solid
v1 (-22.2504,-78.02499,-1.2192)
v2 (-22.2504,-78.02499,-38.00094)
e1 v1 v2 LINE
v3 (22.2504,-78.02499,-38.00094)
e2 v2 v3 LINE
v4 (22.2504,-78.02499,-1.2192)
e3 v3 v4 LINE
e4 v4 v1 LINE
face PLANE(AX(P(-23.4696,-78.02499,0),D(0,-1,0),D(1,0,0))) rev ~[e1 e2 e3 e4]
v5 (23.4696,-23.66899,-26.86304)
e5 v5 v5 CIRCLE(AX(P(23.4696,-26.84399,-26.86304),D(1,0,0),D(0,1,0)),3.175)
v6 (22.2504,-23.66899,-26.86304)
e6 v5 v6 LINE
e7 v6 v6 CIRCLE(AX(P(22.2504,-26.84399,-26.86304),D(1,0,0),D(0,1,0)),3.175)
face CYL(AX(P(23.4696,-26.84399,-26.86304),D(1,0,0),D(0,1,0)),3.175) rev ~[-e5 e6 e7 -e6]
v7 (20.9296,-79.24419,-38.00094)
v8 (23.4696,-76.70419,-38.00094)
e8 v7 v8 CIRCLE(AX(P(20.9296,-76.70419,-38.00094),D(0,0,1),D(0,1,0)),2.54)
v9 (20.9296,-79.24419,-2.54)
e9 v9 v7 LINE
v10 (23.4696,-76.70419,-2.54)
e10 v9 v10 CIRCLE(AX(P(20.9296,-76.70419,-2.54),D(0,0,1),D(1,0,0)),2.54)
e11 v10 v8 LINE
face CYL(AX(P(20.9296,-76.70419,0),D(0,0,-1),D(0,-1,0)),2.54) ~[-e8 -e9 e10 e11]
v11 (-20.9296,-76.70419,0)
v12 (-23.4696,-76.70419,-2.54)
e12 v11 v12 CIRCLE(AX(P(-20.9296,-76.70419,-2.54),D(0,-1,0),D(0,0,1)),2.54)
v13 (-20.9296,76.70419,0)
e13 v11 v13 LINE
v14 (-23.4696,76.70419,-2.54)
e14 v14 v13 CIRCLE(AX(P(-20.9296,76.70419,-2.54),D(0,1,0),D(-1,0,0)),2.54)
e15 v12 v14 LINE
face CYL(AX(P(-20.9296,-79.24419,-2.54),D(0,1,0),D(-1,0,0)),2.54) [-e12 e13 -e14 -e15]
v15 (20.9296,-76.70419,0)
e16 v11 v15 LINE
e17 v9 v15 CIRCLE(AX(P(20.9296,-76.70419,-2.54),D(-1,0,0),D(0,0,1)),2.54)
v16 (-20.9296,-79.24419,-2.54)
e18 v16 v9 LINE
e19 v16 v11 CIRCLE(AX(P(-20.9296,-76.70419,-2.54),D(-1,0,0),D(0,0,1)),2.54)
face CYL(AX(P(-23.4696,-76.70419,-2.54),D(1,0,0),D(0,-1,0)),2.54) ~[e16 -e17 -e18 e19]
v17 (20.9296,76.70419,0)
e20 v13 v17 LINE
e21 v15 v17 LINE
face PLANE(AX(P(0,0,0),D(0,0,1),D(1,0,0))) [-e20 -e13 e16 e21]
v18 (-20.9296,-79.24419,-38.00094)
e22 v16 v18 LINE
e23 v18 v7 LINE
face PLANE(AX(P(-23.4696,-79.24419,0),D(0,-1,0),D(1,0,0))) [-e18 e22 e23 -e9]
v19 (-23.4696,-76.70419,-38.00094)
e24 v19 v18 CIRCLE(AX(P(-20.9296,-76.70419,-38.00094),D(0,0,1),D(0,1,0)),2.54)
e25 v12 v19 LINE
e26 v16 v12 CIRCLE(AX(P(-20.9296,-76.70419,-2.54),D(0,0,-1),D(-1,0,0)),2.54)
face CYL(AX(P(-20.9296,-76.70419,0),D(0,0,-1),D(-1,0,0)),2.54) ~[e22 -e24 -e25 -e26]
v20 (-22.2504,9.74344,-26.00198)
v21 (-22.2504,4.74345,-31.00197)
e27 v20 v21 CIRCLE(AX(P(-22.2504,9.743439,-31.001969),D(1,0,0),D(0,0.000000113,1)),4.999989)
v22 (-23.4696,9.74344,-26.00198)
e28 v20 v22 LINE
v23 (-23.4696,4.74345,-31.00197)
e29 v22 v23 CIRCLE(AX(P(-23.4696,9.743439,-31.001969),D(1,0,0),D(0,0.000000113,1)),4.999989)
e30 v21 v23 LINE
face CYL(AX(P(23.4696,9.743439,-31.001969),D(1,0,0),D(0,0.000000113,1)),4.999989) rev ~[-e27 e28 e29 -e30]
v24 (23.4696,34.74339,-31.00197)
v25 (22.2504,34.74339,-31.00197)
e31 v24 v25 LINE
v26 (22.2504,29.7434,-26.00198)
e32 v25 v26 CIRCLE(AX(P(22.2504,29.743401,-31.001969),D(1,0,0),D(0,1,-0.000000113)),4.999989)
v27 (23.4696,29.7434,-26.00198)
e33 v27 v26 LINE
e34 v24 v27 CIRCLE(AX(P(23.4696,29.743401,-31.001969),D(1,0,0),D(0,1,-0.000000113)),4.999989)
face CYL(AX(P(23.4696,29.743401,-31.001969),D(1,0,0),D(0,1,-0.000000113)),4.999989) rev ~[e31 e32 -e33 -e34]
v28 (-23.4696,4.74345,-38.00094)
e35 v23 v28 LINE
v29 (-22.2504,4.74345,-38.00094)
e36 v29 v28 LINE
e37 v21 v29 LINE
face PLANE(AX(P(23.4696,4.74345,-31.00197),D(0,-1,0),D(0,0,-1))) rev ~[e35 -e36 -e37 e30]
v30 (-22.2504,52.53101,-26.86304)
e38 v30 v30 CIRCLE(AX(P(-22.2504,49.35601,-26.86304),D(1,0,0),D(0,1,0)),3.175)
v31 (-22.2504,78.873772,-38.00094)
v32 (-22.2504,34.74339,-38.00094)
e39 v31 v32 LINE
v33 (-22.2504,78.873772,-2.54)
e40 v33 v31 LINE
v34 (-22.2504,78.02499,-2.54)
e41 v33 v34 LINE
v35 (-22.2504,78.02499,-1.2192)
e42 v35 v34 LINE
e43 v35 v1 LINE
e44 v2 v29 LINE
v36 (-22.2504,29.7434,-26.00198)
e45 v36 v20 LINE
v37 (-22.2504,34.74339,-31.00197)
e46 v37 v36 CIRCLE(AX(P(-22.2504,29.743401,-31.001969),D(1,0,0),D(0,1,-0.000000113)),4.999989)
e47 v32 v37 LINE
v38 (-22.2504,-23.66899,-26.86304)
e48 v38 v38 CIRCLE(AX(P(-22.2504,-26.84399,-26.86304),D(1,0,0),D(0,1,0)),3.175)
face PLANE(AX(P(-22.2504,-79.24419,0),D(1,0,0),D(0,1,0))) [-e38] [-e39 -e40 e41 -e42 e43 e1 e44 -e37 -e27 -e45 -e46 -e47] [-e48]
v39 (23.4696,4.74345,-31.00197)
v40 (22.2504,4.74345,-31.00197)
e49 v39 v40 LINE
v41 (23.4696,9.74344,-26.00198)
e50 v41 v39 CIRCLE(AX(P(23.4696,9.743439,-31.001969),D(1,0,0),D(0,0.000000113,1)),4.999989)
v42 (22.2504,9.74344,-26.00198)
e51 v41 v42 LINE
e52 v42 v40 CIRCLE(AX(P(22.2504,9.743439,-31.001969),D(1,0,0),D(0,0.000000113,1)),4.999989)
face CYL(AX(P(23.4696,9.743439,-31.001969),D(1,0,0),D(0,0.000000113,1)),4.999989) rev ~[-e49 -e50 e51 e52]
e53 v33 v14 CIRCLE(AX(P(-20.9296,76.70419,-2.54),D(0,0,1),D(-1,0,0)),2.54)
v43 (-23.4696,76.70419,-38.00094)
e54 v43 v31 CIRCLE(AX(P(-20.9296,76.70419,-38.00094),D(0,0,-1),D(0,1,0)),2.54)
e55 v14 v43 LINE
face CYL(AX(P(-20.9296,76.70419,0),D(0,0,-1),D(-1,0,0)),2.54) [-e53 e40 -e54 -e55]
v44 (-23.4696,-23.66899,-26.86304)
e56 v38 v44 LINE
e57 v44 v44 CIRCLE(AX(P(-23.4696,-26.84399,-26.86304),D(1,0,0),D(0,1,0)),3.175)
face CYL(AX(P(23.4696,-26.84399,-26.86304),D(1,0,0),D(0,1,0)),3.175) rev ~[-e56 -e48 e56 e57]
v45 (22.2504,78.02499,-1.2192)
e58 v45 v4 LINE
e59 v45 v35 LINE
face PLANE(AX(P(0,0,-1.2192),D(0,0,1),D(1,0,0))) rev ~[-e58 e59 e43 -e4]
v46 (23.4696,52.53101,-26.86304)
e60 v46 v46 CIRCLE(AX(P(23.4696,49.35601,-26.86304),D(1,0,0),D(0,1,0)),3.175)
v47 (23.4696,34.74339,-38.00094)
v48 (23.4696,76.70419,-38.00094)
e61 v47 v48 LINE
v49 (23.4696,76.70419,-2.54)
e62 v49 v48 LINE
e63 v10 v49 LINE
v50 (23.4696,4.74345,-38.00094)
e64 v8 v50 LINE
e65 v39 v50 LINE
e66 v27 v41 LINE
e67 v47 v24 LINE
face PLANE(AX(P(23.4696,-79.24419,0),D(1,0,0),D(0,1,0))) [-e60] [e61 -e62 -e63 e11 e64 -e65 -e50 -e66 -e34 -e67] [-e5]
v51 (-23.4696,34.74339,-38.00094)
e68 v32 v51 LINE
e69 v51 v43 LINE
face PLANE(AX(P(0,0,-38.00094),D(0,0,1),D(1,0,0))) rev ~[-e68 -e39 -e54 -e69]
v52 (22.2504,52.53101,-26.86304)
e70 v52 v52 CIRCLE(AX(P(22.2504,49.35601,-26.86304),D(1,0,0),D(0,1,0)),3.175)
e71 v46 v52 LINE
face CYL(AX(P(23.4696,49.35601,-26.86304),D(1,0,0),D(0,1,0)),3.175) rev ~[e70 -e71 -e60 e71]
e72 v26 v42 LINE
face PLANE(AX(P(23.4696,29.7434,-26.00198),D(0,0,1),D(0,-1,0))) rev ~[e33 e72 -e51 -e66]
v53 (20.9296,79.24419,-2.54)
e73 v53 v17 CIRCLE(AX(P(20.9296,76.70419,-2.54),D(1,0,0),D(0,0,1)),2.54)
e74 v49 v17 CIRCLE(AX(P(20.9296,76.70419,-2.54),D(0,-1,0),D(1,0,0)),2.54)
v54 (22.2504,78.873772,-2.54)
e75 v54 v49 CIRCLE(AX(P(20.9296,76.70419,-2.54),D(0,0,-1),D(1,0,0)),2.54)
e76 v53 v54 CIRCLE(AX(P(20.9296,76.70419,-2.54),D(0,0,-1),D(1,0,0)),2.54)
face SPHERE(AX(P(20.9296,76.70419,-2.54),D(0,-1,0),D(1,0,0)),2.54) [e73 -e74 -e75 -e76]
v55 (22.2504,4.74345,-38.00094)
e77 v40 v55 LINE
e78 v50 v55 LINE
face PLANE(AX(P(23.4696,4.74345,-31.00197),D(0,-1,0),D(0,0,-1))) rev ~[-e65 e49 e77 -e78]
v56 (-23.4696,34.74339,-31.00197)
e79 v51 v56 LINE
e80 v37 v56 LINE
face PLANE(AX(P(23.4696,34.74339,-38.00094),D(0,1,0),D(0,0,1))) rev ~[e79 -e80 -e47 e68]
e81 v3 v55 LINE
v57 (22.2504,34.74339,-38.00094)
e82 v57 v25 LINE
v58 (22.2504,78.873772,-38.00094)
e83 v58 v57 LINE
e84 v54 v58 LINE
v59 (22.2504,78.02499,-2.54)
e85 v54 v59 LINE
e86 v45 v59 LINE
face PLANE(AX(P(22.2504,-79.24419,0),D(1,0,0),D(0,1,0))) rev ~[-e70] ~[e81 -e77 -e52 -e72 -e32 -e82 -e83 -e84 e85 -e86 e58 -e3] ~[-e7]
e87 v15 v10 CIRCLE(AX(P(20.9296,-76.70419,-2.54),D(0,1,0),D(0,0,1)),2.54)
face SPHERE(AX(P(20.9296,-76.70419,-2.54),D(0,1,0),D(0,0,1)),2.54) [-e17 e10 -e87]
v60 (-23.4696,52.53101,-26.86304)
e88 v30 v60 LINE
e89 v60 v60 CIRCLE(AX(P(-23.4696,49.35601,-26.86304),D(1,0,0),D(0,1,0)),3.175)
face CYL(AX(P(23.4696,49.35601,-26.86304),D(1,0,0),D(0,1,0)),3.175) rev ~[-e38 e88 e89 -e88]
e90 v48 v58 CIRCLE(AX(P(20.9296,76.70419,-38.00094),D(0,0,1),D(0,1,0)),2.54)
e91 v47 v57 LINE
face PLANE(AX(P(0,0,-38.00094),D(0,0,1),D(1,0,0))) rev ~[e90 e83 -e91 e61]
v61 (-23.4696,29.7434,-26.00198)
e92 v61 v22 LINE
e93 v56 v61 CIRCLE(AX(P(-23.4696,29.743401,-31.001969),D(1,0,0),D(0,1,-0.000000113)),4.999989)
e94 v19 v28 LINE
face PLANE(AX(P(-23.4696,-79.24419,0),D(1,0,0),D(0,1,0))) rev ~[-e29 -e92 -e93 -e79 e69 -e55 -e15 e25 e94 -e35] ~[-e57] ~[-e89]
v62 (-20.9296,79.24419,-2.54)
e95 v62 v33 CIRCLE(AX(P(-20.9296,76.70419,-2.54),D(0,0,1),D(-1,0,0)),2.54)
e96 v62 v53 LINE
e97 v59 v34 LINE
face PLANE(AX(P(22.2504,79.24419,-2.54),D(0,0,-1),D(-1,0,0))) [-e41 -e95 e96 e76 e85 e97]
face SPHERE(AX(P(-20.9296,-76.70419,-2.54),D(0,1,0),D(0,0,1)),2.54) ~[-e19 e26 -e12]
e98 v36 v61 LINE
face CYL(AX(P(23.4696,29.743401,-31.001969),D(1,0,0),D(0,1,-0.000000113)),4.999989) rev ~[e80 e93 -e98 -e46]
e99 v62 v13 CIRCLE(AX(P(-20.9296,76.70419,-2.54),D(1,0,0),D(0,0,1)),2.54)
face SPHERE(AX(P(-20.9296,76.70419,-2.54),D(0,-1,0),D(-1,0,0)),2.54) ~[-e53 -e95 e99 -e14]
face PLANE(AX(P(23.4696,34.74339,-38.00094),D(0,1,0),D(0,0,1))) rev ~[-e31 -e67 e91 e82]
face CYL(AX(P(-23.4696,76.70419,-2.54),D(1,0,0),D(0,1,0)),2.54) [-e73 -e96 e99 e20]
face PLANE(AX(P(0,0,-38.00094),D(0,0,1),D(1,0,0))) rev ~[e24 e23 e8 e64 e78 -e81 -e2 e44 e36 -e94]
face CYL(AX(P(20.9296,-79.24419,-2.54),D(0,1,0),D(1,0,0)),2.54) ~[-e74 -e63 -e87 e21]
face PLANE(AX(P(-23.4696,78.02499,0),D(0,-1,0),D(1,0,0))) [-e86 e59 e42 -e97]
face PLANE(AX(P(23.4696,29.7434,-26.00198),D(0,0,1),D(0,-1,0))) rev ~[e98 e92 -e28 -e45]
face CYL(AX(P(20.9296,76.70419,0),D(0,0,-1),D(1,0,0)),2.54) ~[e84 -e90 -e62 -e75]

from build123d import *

# Parameters (mm, degrees)
F0_W     = 46.9392
F0_H     = 158.48838
F1_DEPTH = 38.00094
F2_T     = -1.2192
F3_R     = 2.54
F5_DEPTH = 46.9402
F6_R     = 3.175
F7_DEPTH = 46.9402
F8_W     = 44.5008
F8_H     = 35.46094
F9_DEPTH = 1.2192


with BuildPart() as f1:
    # F0 (on Top) → F1 (new body)
    with BuildSketch(Plane.XY):
        Rectangle(F0_W, F0_H)
    extrude(amount=-F1_DEPTH)

    # F2
    f2_openings = [f1.faces().sort_by_distance(p)[0] for p in [
        (0, 0, -38.00094),
    ]]
    offset(amount=F2_T, openings=f2_openings)

    # F3
    f3_edges = [f1.edges().sort_by_distance(p)[0] for p in [
        (23.4696, 0, 0),
        (-23.4696, 0, 0),
        (0, -79.24419, 0),
        (23.4696, -79.24419, -19.00047),
        (-23.4696, -79.24419, -19.00047),
        (-23.4696, 79.24419, -19.00047),
        (23.4696, 79.24419, -19.00047),
        (0, 79.24419, 0),
    ]]
    fillet(f3_edges, radius=F3_R)

    # F4 (on face) → F5 (cut, through all)
    with BuildSketch(Plane.YZ.offset(23.4696)):
        with BuildLine():
            Line((4.74345, -38.00094), (34.74339, -38.00094))
            Line((34.74339, -38.00094), (34.74339, -31.00197))
            ThreePointArc((34.74339, -31.00197), (33.278927, -27.466443), (29.7434, -26.00198))
            Line((29.7434, -26.00198), (9.74344, -26.00198))
            ThreePointArc((9.74344, -26.00198), (6.207913, -27.466443), (4.74345, -31.00197))
            Line((4.74345, -31.00197), (4.74345, -38.00094))
        make_face()
    extrude(amount=-F5_DEPTH, mode=Mode.SUBTRACT)

    # F6 (on face) → F7 (cut, through all)
    with BuildSketch(Plane.YZ.offset(23.4696)):
        with Locations((-26.84399, -26.86304)):
            Circle(F6_R)
        with Locations((49.35601, -26.86304)):
            Circle(F6_R)
    extrude(amount=-F7_DEPTH, mode=Mode.SUBTRACT)

    # F8 (on face) → F9 (cut, through all)
    with BuildSketch(Plane(origin=(0, 79.24419, 0), x_dir=(-1, 0, 0), z_dir=(0, 1, 0))):
        with Locations((0, -20.27047)):
            Rectangle(F8_W, F8_H)
    extrude(amount=-F9_DEPTH, mode=Mode.SUBTRACT)


solid = f1.part
